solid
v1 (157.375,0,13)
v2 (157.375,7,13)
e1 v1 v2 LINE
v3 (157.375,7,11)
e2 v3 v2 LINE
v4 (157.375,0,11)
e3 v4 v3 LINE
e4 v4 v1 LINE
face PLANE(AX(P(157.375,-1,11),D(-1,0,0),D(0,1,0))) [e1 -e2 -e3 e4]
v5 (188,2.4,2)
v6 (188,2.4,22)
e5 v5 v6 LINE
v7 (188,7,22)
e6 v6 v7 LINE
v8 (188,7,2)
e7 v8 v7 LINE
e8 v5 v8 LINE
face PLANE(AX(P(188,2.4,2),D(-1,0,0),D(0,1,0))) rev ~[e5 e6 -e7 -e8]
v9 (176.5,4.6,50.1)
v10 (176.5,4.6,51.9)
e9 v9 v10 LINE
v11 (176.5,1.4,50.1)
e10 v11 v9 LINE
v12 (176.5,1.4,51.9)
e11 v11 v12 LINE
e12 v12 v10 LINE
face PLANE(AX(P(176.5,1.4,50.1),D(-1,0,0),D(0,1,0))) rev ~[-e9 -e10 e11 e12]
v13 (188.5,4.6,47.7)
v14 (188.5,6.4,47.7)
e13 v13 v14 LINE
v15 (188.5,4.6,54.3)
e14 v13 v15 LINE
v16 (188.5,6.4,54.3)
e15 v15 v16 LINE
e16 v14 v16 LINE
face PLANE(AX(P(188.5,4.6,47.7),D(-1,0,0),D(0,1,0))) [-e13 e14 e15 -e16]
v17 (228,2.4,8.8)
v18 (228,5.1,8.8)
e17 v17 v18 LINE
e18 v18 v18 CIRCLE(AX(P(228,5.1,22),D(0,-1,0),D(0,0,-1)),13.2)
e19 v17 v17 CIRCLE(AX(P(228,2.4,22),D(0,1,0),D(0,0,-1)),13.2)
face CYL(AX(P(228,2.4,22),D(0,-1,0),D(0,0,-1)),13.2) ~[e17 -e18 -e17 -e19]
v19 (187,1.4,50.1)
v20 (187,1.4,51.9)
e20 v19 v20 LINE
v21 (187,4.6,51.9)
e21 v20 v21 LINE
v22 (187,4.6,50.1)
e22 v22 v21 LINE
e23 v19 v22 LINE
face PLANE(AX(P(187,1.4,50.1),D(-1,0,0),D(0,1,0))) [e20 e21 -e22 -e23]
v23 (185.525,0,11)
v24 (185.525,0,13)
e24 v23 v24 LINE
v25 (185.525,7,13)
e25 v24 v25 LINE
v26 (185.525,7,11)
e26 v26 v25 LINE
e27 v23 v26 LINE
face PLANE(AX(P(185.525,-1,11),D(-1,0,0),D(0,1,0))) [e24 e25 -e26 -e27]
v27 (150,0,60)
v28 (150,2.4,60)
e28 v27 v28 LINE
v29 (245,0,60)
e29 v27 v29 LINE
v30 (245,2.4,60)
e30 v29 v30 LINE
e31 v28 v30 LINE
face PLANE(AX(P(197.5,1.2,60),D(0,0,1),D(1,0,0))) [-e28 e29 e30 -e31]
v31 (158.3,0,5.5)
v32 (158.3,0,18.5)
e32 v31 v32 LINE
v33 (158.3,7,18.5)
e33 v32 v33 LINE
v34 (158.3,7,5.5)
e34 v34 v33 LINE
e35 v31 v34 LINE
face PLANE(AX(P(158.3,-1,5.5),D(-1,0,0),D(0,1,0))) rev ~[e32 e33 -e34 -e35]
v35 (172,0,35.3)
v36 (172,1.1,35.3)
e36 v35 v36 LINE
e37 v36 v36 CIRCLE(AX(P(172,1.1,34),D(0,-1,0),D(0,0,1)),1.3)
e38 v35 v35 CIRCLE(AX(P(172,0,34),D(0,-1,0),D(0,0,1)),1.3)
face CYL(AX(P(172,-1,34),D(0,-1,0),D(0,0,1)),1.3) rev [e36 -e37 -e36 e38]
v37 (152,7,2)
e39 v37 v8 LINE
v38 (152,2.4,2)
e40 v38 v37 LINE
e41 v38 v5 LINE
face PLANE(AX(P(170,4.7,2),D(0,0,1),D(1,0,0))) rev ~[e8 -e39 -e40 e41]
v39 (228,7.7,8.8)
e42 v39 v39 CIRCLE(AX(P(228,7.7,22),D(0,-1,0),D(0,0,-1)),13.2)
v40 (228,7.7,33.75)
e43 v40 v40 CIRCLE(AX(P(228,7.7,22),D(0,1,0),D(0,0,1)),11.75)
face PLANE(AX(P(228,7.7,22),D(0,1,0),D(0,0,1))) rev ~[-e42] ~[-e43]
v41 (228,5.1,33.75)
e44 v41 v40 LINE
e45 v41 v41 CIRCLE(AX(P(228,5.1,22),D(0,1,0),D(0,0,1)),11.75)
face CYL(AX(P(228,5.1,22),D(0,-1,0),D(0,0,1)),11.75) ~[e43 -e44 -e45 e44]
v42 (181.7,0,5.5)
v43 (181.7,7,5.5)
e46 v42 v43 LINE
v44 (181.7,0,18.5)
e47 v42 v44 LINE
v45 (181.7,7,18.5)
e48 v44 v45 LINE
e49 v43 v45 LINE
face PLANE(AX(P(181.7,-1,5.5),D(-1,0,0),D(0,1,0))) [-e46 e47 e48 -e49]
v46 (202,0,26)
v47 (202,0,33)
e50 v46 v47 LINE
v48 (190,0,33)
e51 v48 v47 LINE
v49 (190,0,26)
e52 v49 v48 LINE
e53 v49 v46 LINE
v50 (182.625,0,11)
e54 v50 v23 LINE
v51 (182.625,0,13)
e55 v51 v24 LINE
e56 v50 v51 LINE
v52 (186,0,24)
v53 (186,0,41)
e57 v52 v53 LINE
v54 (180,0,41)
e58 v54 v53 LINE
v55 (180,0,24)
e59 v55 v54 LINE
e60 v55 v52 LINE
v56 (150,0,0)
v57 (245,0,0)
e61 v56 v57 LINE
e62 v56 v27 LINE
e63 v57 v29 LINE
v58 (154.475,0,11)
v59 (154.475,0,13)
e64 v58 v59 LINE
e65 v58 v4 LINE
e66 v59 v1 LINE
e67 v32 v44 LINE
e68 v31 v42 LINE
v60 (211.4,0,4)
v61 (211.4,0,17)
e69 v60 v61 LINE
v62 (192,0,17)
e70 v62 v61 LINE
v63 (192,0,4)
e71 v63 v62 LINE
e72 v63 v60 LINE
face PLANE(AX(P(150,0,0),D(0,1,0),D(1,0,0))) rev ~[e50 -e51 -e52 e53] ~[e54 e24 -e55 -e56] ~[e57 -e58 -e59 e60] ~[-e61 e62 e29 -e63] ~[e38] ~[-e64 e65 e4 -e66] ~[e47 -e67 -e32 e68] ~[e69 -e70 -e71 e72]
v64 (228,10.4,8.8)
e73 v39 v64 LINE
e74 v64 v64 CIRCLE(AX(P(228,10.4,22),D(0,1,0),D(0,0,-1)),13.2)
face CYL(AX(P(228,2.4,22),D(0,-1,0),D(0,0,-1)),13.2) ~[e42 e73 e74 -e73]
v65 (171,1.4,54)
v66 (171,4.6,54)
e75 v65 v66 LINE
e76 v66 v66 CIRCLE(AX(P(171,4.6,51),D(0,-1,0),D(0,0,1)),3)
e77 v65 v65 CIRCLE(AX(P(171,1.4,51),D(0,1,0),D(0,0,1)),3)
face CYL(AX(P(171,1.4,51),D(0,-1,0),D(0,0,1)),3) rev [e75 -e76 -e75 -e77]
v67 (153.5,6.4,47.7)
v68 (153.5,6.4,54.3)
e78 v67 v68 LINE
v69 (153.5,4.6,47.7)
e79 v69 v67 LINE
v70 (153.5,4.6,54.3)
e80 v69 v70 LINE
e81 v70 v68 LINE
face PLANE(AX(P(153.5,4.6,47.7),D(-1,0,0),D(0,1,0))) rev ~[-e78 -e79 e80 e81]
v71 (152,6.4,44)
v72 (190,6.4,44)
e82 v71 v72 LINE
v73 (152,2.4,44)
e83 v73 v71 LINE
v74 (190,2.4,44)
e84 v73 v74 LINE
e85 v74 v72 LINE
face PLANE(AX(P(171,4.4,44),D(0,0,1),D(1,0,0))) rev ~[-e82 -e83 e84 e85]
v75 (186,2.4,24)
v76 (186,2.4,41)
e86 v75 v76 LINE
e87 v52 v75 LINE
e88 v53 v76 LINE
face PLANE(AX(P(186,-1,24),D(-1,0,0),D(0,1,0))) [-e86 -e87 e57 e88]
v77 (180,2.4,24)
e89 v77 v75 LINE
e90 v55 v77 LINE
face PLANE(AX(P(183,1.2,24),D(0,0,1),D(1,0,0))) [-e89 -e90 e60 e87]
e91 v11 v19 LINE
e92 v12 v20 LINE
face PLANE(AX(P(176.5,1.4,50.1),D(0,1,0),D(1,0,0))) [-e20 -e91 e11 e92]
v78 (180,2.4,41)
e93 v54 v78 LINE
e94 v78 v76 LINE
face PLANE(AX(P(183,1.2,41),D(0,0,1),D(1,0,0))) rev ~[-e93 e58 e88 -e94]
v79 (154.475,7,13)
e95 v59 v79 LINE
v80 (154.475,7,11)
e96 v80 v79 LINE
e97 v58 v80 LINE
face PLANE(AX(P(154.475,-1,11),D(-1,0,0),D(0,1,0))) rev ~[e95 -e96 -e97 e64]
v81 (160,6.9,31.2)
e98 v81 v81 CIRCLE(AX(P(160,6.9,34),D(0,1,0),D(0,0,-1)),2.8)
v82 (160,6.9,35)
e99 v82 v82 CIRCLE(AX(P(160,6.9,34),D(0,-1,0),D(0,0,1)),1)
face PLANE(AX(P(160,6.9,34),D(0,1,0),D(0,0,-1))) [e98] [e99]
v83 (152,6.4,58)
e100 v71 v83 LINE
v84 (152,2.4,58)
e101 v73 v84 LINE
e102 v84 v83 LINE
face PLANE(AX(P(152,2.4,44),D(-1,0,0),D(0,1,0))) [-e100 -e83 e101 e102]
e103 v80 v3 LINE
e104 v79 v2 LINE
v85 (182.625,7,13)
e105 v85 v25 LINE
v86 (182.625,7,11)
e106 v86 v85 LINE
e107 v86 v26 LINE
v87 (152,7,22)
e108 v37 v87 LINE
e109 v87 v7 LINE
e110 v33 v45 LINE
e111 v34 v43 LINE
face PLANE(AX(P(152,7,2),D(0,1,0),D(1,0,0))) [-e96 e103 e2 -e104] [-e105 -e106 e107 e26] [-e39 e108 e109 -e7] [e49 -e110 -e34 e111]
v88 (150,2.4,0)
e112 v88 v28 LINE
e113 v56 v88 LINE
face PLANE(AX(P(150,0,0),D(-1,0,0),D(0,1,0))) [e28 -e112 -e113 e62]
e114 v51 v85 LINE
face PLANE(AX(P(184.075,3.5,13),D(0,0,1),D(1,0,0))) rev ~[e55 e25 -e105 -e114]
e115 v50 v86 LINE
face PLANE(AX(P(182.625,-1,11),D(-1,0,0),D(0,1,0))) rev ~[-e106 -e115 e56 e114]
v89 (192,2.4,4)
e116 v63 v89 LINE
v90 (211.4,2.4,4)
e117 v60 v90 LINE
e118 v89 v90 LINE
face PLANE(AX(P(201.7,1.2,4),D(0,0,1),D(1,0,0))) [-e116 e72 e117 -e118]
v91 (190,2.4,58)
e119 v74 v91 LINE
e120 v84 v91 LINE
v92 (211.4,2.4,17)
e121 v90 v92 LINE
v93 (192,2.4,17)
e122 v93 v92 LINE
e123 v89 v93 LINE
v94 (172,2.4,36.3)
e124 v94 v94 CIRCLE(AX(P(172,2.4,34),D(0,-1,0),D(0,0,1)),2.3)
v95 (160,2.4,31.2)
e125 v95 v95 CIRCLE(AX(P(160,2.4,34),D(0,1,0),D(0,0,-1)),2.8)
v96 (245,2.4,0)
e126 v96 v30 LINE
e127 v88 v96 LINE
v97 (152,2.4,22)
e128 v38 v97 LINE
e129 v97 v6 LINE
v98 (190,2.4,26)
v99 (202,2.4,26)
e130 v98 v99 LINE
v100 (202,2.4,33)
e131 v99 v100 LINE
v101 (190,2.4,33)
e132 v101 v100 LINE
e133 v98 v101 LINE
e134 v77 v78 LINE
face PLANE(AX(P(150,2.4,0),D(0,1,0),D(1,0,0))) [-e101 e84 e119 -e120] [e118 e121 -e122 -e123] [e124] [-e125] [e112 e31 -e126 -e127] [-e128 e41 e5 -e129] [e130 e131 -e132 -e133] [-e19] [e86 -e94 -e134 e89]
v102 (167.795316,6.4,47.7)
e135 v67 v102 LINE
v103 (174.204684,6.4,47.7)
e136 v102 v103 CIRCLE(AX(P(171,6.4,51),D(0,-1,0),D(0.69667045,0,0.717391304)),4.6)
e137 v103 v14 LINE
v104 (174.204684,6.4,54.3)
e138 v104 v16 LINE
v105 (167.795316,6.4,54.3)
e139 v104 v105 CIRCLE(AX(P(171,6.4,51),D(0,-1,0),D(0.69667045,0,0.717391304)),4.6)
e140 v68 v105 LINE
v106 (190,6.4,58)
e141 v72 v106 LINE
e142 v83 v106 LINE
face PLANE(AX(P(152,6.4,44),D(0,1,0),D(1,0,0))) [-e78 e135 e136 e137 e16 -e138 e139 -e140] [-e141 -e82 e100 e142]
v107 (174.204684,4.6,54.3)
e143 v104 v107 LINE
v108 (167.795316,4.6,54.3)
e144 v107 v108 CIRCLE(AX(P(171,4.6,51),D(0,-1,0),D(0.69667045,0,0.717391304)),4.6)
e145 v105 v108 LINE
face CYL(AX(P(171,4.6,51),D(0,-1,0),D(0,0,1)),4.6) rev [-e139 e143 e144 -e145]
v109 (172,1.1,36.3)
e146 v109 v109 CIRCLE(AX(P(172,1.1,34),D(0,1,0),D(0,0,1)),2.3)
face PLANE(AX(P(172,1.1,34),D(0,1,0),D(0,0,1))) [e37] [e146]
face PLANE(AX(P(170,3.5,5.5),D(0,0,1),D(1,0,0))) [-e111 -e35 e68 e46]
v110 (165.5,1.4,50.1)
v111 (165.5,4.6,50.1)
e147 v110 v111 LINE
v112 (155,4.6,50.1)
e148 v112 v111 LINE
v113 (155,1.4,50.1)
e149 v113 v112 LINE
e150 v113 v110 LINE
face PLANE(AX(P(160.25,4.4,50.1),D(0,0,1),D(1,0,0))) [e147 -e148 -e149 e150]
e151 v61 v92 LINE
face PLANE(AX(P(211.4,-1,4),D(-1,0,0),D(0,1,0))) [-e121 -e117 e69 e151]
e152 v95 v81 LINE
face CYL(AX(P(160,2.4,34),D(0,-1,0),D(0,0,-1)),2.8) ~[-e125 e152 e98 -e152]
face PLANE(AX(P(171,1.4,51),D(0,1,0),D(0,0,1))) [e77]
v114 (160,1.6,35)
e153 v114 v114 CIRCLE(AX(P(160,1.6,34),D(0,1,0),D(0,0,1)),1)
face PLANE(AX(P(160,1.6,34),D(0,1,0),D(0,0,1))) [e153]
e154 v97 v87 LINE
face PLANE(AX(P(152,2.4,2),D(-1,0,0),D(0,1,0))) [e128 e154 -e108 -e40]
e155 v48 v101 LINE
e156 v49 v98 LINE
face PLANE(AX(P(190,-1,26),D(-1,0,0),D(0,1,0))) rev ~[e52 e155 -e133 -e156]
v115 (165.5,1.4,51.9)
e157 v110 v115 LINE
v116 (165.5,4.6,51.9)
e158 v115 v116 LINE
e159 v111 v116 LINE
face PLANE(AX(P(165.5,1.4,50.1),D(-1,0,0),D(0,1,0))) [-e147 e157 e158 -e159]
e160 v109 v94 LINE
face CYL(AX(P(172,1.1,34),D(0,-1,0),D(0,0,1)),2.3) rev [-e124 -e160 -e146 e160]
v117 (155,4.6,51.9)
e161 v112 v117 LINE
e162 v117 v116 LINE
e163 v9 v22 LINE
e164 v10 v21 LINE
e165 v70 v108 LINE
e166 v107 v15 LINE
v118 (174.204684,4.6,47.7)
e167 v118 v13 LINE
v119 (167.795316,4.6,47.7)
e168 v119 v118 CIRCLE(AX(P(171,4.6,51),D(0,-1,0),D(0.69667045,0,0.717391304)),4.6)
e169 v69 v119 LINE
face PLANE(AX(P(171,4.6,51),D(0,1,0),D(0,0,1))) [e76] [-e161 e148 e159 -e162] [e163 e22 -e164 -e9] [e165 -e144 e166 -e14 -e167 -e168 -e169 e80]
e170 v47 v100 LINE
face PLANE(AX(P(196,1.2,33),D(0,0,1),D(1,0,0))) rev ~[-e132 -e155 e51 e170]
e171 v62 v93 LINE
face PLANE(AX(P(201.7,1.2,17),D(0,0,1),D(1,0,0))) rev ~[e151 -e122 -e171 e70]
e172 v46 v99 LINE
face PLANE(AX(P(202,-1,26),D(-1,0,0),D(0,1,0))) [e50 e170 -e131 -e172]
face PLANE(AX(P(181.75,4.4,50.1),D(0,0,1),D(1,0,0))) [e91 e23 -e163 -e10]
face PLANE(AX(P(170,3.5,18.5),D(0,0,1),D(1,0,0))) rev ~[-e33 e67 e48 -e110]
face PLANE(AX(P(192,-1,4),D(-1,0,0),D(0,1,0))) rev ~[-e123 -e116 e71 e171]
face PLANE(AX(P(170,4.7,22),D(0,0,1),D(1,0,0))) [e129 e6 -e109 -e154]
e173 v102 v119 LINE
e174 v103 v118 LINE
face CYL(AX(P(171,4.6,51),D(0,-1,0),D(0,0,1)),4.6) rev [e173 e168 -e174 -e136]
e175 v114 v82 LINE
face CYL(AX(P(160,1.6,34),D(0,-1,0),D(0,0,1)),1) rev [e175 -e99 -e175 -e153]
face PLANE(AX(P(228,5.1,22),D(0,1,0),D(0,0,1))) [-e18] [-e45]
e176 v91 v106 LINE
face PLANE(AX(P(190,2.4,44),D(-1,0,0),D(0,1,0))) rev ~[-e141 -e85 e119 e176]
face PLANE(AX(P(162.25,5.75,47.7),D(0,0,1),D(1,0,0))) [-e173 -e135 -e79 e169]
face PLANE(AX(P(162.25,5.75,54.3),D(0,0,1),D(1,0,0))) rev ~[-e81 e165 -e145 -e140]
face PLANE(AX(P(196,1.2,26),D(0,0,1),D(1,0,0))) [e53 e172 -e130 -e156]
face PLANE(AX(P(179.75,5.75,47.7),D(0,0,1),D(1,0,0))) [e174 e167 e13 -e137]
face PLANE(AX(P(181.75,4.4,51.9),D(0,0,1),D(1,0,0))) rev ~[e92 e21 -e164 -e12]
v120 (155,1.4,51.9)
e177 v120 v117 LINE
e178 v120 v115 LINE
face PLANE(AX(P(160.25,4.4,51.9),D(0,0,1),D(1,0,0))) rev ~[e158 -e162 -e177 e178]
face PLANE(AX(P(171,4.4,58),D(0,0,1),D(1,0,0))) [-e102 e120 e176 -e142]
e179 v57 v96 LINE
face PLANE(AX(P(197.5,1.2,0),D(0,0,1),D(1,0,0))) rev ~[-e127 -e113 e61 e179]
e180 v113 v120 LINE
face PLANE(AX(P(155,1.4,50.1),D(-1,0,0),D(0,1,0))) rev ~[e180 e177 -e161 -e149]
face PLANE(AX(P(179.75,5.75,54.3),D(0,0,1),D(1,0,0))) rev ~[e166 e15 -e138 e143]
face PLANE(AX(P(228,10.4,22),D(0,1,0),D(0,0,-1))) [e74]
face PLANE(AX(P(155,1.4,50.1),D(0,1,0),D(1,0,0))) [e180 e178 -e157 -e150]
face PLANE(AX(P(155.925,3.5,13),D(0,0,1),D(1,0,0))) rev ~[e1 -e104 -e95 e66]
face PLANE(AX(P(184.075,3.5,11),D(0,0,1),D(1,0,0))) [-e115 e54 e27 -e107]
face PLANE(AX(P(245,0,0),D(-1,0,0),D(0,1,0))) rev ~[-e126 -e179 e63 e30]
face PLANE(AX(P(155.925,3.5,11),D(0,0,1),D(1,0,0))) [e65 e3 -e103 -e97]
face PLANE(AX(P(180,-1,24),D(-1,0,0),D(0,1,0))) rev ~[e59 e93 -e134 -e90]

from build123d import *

# Parameters (mm, degrees)
SKETCH1_W            = 95
SKETCH1_H            = 2.4
BOSS_EXTRUDE1_DEPTH  = 60
BOSS_EXTRUDE2_START  = 2
SKETCH2_W            = 36
SKETCH2_H            = 4.6
BOSS_EXTRUDE2_DEPTH  = 20
BOSS_EXTRUDE3_START  = 5.5
SKETCH3_W            = 23.4
SKETCH3_H            = 9
BOSS_EXTRUDE3_DEPTH  = 13
BOSS_EXTRUDE4_START  = 11
SKETCH4_W            = 2.9
SKETCH4_H            = 9
BOSS_EXTRUDE4_DEPTH  = 2
BOSS_EXTRUDE5_START  = 11
SKETCH5_W            = 2.9
SKETCH5_H            = 9
BOSS_EXTRUDE5_DEPTH  = 2
BOSS_EXTRUDE6_START  = 4
SKETCH6_W            = 19.4
SKETCH6_H            = 4.4
BOSS_EXTRUDE6_DEPTH  = 13
BOSS_EXTRUDE7_START  = 2.4
SKETCH7_R            = 2.8
BOSS_EXTRUDE7_DEPTH  = 4.5
BOSS_EXTRUDE8_START  = 1.6
SKETCH8_R            = 1
BOSS_EXTRUDE8_DEPTH  = 6.3
BOSS_EXTRUDE9_START  = -1
SKETCH9_R            = 1.3
BOSS_EXTRUDE9_DEPTH  = 4.4
BOSS_EXTRUDE10_START = 1.1
SKETCH10_R           = 2.3
BOSS_EXTRUDE10_DEPTH = 2.3
BOSS_EXTRUDE11_START = 24
SKETCH11_W           = 6
SKETCH11_H           = 4.4
BOSS_EXTRUDE11_DEPTH = 17
BOSS_EXTRUDE12_START = 26
SKETCH12_W           = 12
SKETCH12_H           = 4.4
BOSS_EXTRUDE12_DEPTH = 7
BOSS_EXTRUDE13_START = 2.4
SKETCH13_R           = 13.2
BOSS_EXTRUDE13_DEPTH = 8
BOSS_EXTRUDE14_START = 5.1
SKETCH14_R           = 20
BOSS_EXTRUDE14_DEPTH = 2.6
BOSS_EXTRUDE15_START = 5.1
SKETCH15_R           = 11.75
BOSS_EXTRUDE15_DEPTH = 2.6
BOSS_EXTRUDE16_START = 44
SKETCH16_W           = 38
SKETCH16_H           = 4
BOSS_EXTRUDE16_DEPTH = 14
BOSS_EXTRUDE17_START = 4.6
SKETCH17_R           = 4.6
BOSS_EXTRUDE17_DEPTH = 2.3
BOSS_EXTRUDE18_START = 47.7
SKETCH18_W           = 17.5
SKETCH18_H           = 2.3
BOSS_EXTRUDE18_DEPTH = 6.6
BOSS_EXTRUDE19_START = 50.1
SKETCH19_W           = 10.5
SKETCH19_H           = 6
BOSS_EXTRUDE19_DEPTH = 1.8
BOSS_EXTRUDE20_START = 47.7
SKETCH20_W           = 17.5
SKETCH20_H           = 2.3
BOSS_EXTRUDE20_DEPTH = 6.6
BOSS_EXTRUDE21_START = 50.1
SKETCH21_W           = 10.5
SKETCH21_H           = 6
BOSS_EXTRUDE21_DEPTH = 1.8
BOSS_EXTRUDE22_START = 1.4
SKETCH22_R           = 3
BOSS_EXTRUDE22_DEPTH = 6


with BuildPart() as part:
    # Sketch1 → Boss-Extrude1 (new body)
    with BuildSketch(Plane.XY):
        with Locations((197.5, 1.2)):
            Rectangle(SKETCH1_W, SKETCH1_H)
    extrude(amount=BOSS_EXTRUDE1_DEPTH)

    # Sketch2 → Boss-Extrude2 (add)
    with BuildSketch(Plane.XY.offset(BOSS_EXTRUDE2_START)):
        with Locations((170, 4.7)):
            Rectangle(SKETCH2_W, SKETCH2_H)
    extrude(amount=BOSS_EXTRUDE2_DEPTH)


with BuildPart() as body_2:
    # Sketch3 → Boss-Extrude3 (new body)
    with BuildSketch(Plane.XY.offset(BOSS_EXTRUDE3_START)):
        with Locations((170, 3.5)):
            Rectangle(SKETCH3_W, SKETCH3_H)
    extrude(amount=BOSS_EXTRUDE3_DEPTH)


with BuildPart() as part_1:
    add(part.part)

    # Combine1: cut body 2
    add(body_2.part, mode=Mode.SUBTRACT)


with BuildPart() as body_2_2:
    # Sketch4 → Boss-Extrude4 (new body)
    with BuildSketch(Plane.XY.offset(BOSS_EXTRUDE4_START)):
        with Locations((155.925, 3.5)):
            Rectangle(SKETCH4_W, SKETCH4_H)
    extrude(amount=BOSS_EXTRUDE4_DEPTH)


with BuildPart() as part_2:
    add(part_1.part)

    # Combine2: cut body 2 2
    add(body_2_2.part, mode=Mode.SUBTRACT)


with BuildPart() as body_2_3:
    # Sketch5 → Boss-Extrude5 (new body)
    with BuildSketch(Plane.XY.offset(BOSS_EXTRUDE5_START)):
        with Locations((184.075, 3.5)):
            Rectangle(SKETCH5_W, SKETCH5_H)
    extrude(amount=BOSS_EXTRUDE5_DEPTH)


with BuildPart() as part_3:
    add(part_2.part)

    # Combine3: cut body 2 3
    add(body_2_3.part, mode=Mode.SUBTRACT)


with BuildPart() as body_2_4:
    # Sketch6 → Boss-Extrude6 (new body)
    with BuildSketch(Plane.XY.offset(BOSS_EXTRUDE6_START)):
        with Locations((201.7, 1.2)):
            Rectangle(SKETCH6_W, SKETCH6_H)
    extrude(amount=BOSS_EXTRUDE6_DEPTH)


with BuildPart() as part_4:
    add(part_3.part)

    # Combine4: cut body 2 4
    add(body_2_4.part, mode=Mode.SUBTRACT)

    # Sketch7 → Boss-Extrude7 (add)
    with BuildSketch(Plane(origin=(0, 0, 0), x_dir=(1, 0, 0), z_dir=(0, 1, 0)).offset(BOSS_EXTRUDE7_START)):
        with Locations((160, -34)):
            Circle(SKETCH7_R)
    extrude(amount=BOSS_EXTRUDE7_DEPTH)


with BuildPart() as body_2_5:
    # Sketch8 → Boss-Extrude8 (new body)
    with BuildSketch(Plane(origin=(0, 0, 0), x_dir=(1, 0, 0), z_dir=(0, 1, 0)).offset(BOSS_EXTRUDE8_START)):
        with Locations((160, -34)):
            Circle(SKETCH8_R)
    extrude(amount=BOSS_EXTRUDE8_DEPTH)


with BuildPart() as part_5:
    add(part_4.part)

    # Combine5: cut body 2 5
    add(body_2_5.part, mode=Mode.SUBTRACT)


with BuildPart() as body_2_6:
    # Sketch9 → Boss-Extrude9 (new body)
    with BuildSketch(Plane(origin=(0, 0, 0), x_dir=(1, 0, 0), z_dir=(0, 1, 0)).offset(BOSS_EXTRUDE9_START)):
        with Locations((172, -34)):
            Circle(SKETCH9_R)
    extrude(amount=BOSS_EXTRUDE9_DEPTH)


with BuildPart() as part_6:
    add(part_5.part)

    # Combine6: cut body 2 6
    add(body_2_6.part, mode=Mode.SUBTRACT)


with BuildPart() as body_2_7:
    # Sketch10 → Boss-Extrude10 (new body)
    with BuildSketch(Plane(origin=(0, 0, 0), x_dir=(1, 0, 0), z_dir=(0, 1, 0)).offset(BOSS_EXTRUDE10_START)):
        with Locations((172, -34)):
            Circle(SKETCH10_R)
    extrude(amount=BOSS_EXTRUDE10_DEPTH)


with BuildPart() as part_7:
    add(part_6.part)

    # Combine7: cut body 2 7
    add(body_2_7.part, mode=Mode.SUBTRACT)


with BuildPart() as body_2_8:
    # Sketch11 → Boss-Extrude11 (new body)
    with BuildSketch(Plane.XY.offset(BOSS_EXTRUDE11_START)):
        with Locations((183, 1.2)):
            Rectangle(SKETCH11_W, SKETCH11_H)
    extrude(amount=BOSS_EXTRUDE11_DEPTH)


with BuildPart() as part_8:
    add(part_7.part)

    # Combine8: cut body 2 8
    add(body_2_8.part, mode=Mode.SUBTRACT)


with BuildPart() as body_2_9:
    # Sketch12 → Boss-Extrude12 (new body)
    with BuildSketch(Plane.XY.offset(BOSS_EXTRUDE12_START)):
        with Locations((196, 1.2)):
            Rectangle(SKETCH12_W, SKETCH12_H)
    extrude(amount=BOSS_EXTRUDE12_DEPTH)


with BuildPart() as part_9:
    add(part_8.part)

    # Combine9: cut body 2 9
    add(body_2_9.part, mode=Mode.SUBTRACT)

    # Sketch13 → Boss-Extrude13 (add)
    with BuildSketch(Plane(origin=(0, 0, 0), x_dir=(1, 0, 0), z_dir=(0, 1, 0)).offset(BOSS_EXTRUDE13_START)):
        with Locations((228, -22)):
            Circle(SKETCH13_R)
    extrude(amount=BOSS_EXTRUDE13_DEPTH)


with BuildPart() as body_2_10:
    # Sketch14 → Boss-Extrude14 (new body)
    with BuildSketch(Plane(origin=(0, 0, 0), x_dir=(1, 0, 0), z_dir=(0, 1, 0)).offset(BOSS_EXTRUDE14_START)):
        with Locations((228, -22)):
            Circle(SKETCH14_R)
    extrude(amount=BOSS_EXTRUDE14_DEPTH)


with BuildPart() as part_10:
    add(part_9.part)

    # Combine10: cut body 2 10
    add(body_2_10.part, mode=Mode.SUBTRACT)

    # Sketch15 → Boss-Extrude15 (add)
    with BuildSketch(Plane(origin=(0, 0, 0), x_dir=(1, 0, 0), z_dir=(0, 1, 0)).offset(BOSS_EXTRUDE15_START)):
        with Locations((228, -22)):
            Circle(SKETCH15_R)
    extrude(amount=BOSS_EXTRUDE15_DEPTH)

    # Sketch16 → Boss-Extrude16 (add)
    with BuildSketch(Plane.XY.offset(BOSS_EXTRUDE16_START)):
        with Locations((171, 4.4)):
            Rectangle(SKETCH16_W, SKETCH16_H)
    extrude(amount=BOSS_EXTRUDE16_DEPTH)


with BuildPart() as body_2_11:
    # Sketch17 → Boss-Extrude17 (new body)
    with BuildSketch(Plane(origin=(0, 0, 0), x_dir=(1, 0, 0), z_dir=(0, 1, 0)).offset(BOSS_EXTRUDE17_START)):
        with Locations((171, -51)):
            Circle(SKETCH17_R)
    extrude(amount=BOSS_EXTRUDE17_DEPTH)


with BuildPart() as part_11:
    add(part_10.part)

    # Combine11: cut body 2 11
    add(body_2_11.part, mode=Mode.SUBTRACT)


with BuildPart() as body_2_12:
    # Sketch18 → Boss-Extrude18 (new body)
    with BuildSketch(Plane.XY.offset(BOSS_EXTRUDE18_START)):
        with Locations((179.75, 5.75)):
            Rectangle(SKETCH18_W, SKETCH18_H)
    extrude(amount=BOSS_EXTRUDE18_DEPTH)


with BuildPart() as part_12:
    add(part_11.part)

    # Combine12: cut body 2 12
    add(body_2_12.part, mode=Mode.SUBTRACT)


with BuildPart() as body_2_13:
    # Sketch19 → Boss-Extrude19 (new body)
    with BuildSketch(Plane.XY.offset(BOSS_EXTRUDE19_START)):
        with Locations((181.75, 4.4)):
            Rectangle(SKETCH19_W, SKETCH19_H)
    extrude(amount=BOSS_EXTRUDE19_DEPTH)


with BuildPart() as part_13:
    add(part_12.part)

    # Combine13: cut body 2 13
    add(body_2_13.part, mode=Mode.SUBTRACT)


with BuildPart() as body_2_14:
    # Sketch20 → Boss-Extrude20 (new body)
    with BuildSketch(Plane.XY.offset(BOSS_EXTRUDE20_START)):
        with Locations((162.25, 5.75)):
            Rectangle(SKETCH20_W, SKETCH20_H)
    extrude(amount=BOSS_EXTRUDE20_DEPTH)


with BuildPart() as part_14:
    add(part_13.part)

    # Combine14: cut body 2 14
    add(body_2_14.part, mode=Mode.SUBTRACT)


with BuildPart() as body_2_15:
    # Sketch21 → Boss-Extrude21 (new body)
    with BuildSketch(Plane.XY.offset(BOSS_EXTRUDE21_START)):
        with Locations((160.25, 4.4)):
            Rectangle(SKETCH21_W, SKETCH21_H)
    extrude(amount=BOSS_EXTRUDE21_DEPTH)


with BuildPart() as part_15:
    add(part_14.part)

    # Combine15: cut body 2 15
    add(body_2_15.part, mode=Mode.SUBTRACT)


with BuildPart() as body_2_16:
    # Sketch22 → Boss-Extrude22 (new body)
    with BuildSketch(Plane(origin=(0, 0, 0), x_dir=(1, 0, 0), z_dir=(0, 1, 0)).offset(BOSS_EXTRUDE22_START)):
        with Locations((171, -51)):
            Circle(SKETCH22_R)
    extrude(amount=BOSS_EXTRUDE22_DEPTH)


with BuildPart() as part_16:
    add(part_15.part)

    # Combine16: cut body 2 16
    add(body_2_16.part, mode=Mode.SUBTRACT)


solid = part_16.part
